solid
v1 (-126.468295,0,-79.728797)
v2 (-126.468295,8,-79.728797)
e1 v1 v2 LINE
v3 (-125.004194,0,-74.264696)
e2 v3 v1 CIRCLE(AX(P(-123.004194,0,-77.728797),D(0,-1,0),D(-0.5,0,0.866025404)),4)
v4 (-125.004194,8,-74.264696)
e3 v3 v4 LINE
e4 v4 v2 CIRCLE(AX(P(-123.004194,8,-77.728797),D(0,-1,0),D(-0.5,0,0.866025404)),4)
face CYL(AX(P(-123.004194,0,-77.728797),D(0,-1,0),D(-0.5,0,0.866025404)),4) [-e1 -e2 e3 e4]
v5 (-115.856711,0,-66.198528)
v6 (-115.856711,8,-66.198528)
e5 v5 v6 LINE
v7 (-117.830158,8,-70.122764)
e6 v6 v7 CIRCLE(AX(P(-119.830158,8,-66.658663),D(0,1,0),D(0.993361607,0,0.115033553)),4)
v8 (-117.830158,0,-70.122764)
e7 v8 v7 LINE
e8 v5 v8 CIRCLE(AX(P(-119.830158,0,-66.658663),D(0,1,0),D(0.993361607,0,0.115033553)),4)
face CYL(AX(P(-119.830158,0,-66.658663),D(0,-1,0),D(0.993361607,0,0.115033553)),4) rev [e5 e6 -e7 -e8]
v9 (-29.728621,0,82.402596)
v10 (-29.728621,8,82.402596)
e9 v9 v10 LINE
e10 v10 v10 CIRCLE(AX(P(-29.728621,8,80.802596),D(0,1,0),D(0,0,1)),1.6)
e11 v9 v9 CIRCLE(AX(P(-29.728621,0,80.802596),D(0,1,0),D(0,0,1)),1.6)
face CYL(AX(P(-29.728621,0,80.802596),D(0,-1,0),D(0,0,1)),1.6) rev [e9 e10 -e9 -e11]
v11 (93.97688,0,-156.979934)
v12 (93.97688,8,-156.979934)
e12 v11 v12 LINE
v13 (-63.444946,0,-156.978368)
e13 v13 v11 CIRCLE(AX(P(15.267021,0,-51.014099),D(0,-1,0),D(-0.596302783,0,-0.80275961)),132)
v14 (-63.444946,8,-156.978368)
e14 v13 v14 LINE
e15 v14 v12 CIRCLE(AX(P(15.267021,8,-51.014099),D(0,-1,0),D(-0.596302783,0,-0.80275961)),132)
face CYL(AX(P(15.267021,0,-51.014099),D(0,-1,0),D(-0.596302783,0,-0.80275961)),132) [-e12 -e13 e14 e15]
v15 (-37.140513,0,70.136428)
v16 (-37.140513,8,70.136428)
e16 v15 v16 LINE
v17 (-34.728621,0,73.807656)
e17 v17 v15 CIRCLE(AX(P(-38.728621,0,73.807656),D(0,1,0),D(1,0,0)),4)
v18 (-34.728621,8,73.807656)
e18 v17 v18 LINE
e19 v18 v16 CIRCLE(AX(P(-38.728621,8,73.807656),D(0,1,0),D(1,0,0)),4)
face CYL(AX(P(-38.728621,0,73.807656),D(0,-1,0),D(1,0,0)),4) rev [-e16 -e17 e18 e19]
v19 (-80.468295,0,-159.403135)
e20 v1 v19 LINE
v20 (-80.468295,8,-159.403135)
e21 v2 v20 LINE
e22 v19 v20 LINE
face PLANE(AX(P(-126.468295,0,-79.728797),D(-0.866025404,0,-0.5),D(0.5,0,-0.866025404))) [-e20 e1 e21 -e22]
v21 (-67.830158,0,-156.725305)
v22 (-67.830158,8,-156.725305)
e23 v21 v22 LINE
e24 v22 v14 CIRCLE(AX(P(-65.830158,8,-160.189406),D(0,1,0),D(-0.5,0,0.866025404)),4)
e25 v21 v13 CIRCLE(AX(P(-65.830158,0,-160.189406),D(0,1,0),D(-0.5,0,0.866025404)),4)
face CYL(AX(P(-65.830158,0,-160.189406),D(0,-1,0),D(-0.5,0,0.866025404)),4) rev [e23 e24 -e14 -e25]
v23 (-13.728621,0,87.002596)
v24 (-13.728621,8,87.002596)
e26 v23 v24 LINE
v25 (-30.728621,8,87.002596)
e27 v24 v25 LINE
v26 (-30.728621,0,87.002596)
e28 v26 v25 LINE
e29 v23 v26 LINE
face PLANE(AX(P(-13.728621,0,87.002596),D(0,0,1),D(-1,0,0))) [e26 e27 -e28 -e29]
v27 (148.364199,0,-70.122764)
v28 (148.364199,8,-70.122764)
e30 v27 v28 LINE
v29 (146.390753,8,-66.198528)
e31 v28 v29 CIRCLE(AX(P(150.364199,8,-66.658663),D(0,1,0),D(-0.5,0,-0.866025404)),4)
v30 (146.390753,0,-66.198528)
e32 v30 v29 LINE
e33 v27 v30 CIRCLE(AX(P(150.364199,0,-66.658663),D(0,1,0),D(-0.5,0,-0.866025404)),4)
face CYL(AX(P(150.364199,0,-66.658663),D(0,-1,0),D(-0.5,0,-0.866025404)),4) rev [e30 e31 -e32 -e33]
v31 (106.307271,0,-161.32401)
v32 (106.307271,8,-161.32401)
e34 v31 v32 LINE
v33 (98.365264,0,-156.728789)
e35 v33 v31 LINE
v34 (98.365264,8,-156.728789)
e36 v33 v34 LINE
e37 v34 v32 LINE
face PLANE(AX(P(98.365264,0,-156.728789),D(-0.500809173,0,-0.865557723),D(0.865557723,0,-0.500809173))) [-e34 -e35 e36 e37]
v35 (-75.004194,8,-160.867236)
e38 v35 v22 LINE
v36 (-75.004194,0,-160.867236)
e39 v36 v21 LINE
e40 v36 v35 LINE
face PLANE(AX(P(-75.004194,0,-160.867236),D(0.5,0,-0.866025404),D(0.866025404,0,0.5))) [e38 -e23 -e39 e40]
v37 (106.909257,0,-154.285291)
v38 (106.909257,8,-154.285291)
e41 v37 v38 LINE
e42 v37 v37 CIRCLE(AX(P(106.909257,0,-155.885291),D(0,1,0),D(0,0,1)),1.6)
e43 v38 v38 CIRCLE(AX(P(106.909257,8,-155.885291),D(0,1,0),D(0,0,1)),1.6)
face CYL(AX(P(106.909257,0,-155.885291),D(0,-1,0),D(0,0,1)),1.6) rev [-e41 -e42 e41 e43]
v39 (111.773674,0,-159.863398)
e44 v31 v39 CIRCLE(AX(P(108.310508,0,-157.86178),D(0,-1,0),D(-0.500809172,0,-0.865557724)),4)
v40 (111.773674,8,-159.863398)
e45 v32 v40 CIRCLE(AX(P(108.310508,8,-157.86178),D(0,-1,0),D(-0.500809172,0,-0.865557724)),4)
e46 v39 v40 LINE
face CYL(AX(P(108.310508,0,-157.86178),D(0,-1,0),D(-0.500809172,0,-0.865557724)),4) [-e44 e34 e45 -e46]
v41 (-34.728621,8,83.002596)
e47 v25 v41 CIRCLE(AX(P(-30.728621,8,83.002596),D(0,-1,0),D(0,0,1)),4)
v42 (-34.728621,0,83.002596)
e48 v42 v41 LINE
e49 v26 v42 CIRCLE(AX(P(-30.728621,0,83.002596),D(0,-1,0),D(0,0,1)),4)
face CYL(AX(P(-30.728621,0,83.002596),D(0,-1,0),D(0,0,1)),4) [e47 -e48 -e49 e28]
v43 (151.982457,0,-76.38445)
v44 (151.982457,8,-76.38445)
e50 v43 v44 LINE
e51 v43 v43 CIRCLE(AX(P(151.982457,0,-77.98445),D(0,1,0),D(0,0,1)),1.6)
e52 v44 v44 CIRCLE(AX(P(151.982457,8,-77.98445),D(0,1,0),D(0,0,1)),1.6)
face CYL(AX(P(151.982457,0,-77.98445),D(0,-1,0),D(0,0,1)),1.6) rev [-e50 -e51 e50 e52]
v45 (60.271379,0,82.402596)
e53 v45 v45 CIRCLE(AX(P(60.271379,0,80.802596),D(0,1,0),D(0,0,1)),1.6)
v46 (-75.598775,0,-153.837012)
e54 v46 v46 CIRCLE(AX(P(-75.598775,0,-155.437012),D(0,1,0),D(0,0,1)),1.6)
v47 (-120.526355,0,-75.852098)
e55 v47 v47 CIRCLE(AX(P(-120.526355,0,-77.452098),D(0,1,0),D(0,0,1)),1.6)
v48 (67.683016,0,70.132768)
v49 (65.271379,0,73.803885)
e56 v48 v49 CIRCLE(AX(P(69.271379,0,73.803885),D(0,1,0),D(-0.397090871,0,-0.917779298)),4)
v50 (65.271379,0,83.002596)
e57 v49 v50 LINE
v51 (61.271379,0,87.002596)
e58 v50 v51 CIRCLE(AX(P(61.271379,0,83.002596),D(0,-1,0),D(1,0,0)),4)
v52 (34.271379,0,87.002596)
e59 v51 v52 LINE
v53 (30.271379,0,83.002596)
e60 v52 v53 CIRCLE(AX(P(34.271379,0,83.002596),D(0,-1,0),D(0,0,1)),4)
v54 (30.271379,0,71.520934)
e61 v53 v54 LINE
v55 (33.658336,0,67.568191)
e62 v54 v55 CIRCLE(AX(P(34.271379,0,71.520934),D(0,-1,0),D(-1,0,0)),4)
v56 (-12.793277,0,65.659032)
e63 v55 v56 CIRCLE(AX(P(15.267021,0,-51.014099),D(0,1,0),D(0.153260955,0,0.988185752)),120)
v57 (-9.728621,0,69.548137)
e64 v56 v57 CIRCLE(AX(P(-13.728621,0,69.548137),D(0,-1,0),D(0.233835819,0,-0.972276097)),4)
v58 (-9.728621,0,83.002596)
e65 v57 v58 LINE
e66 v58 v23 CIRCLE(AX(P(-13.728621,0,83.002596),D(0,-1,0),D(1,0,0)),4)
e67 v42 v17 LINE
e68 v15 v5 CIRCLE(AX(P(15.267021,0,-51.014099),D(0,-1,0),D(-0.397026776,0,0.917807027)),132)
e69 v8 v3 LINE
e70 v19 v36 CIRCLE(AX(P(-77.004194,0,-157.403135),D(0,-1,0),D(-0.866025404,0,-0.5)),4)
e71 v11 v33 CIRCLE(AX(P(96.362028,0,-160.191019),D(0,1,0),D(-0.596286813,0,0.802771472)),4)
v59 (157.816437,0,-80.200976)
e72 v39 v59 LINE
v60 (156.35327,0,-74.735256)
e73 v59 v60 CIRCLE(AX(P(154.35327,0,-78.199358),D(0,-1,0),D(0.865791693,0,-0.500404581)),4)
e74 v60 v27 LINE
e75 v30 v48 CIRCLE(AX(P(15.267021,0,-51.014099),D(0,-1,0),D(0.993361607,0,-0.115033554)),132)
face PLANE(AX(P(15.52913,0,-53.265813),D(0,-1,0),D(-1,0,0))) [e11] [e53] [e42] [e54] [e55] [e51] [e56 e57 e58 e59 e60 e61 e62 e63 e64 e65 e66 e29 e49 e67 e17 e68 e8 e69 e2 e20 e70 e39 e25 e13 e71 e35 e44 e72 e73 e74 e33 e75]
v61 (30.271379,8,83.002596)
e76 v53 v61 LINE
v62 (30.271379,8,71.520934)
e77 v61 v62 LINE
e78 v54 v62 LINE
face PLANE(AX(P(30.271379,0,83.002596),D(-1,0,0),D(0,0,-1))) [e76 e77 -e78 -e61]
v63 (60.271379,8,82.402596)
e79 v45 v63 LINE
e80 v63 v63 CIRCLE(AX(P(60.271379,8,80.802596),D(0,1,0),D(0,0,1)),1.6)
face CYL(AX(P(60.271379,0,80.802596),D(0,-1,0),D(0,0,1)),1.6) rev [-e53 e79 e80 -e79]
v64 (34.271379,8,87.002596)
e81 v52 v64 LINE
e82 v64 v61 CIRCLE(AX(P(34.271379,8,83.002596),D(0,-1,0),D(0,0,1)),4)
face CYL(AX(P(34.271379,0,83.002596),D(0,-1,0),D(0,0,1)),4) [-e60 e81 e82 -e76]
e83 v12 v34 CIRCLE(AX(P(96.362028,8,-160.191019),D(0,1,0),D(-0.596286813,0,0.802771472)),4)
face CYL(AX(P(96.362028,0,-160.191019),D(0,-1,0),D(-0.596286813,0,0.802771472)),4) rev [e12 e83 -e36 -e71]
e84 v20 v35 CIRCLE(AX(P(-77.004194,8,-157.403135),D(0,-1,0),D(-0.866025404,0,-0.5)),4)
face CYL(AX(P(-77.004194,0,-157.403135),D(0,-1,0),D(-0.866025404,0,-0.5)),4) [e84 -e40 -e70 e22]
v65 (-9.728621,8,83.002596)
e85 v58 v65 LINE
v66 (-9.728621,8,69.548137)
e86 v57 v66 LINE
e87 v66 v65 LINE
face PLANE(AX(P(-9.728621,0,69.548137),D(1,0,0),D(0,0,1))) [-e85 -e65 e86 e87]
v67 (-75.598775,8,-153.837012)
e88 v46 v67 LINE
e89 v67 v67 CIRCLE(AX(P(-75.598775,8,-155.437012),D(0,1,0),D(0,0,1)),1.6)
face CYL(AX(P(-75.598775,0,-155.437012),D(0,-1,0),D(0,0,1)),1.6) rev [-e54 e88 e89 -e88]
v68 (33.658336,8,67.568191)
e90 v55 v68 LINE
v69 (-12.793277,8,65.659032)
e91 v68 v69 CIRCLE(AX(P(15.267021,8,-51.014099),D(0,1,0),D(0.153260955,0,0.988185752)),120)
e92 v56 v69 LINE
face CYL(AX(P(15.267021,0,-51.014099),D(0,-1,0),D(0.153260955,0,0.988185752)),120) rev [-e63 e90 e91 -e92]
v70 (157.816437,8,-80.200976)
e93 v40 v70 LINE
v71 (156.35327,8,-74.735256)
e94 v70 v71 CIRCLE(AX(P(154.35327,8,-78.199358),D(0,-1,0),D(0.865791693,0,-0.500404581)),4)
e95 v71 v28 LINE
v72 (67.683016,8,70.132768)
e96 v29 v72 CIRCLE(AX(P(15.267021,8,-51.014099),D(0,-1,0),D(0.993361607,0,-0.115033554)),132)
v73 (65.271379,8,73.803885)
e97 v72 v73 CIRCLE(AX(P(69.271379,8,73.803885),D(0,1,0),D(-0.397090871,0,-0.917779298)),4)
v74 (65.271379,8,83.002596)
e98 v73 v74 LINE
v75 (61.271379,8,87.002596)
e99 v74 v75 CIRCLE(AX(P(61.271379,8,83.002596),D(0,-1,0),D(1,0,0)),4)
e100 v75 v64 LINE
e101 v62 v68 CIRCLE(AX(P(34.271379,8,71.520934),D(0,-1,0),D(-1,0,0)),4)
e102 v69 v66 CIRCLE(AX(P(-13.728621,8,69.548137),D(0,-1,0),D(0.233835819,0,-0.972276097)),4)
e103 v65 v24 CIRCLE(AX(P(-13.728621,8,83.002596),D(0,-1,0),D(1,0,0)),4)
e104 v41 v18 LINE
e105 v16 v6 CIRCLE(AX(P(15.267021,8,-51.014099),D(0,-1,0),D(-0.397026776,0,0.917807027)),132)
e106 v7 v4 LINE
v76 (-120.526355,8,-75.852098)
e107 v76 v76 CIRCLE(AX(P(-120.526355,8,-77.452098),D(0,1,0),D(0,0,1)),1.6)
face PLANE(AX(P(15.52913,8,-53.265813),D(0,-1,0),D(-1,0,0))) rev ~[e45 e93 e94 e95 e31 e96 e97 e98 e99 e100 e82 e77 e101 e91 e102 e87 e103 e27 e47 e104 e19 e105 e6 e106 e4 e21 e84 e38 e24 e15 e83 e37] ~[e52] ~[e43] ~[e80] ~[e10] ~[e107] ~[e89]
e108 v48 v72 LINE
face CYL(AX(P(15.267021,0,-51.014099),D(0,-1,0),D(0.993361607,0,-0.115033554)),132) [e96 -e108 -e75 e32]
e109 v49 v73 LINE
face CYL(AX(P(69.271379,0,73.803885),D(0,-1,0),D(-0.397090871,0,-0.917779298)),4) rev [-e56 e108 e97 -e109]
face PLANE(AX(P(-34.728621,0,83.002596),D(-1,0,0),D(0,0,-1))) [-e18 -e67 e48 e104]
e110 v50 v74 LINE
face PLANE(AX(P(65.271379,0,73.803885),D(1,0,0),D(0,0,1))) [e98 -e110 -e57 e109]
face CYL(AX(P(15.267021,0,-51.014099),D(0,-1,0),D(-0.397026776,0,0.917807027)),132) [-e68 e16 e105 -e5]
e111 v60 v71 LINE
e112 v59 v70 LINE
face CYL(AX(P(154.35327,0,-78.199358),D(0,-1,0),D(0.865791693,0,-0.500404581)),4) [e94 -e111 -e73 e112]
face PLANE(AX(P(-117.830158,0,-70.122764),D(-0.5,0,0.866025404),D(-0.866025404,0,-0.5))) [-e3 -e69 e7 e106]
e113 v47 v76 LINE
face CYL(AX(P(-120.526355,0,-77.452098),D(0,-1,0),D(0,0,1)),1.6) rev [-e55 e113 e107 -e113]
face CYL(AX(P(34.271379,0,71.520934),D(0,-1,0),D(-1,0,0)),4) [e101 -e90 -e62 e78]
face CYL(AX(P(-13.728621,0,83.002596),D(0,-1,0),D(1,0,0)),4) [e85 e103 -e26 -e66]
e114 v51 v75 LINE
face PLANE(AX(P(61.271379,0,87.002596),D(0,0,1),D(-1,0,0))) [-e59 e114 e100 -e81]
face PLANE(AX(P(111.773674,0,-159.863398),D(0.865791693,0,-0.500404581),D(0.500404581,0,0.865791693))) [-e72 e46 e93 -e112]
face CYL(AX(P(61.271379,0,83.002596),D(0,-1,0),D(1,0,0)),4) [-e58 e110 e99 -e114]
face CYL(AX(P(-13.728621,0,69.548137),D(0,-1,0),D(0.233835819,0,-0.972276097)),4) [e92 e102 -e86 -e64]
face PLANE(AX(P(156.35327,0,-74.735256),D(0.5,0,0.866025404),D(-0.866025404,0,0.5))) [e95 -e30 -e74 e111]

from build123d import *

# Parameters (mm, degrees)
SKETCH1_R           = 1.6
BOSS_EXTRUDE2_DEPTH = 8


with BuildPart() as part:
    # Sketch1 → Boss-Extrude2 (new body)
    with BuildSketch(Plane(origin=(0, 0, 0), x_dir=(1, 0, 0), z_dir=(0, 1, 0))):
        with BuildLine():
            Line((-75.004193667, 160.867236212), (-67.830157516, 156.725304509))
            ThreePointArc((-67.830157516, 156.725304509), (-65.599707636, 156.196050035), (-63.444946383, 156.978367686))
            ThreePointArc((-63.444946383, 156.978367686), (15.265708014, 183.014099207), (93.976880337, 156.979933523))
            ThreePointArc((93.976880337, 156.979933523), (96.133483562, 156.197553795), (98.365264281, 156.728788517))
            Line((98.365264281, 156.728788517), (106.307271021, 161.324010437))
            ThreePointArc((106.307271021, 161.324010437), (109.343075496, 161.726207543), (111.773674482, 159.863397867))
            Line((111.773674482, 159.863397867), (157.816436501, 80.200975925))
            ThreePointArc((157.816436501, 80.200975925), (158.217214787, 77.164984073), (156.353269729, 74.735255986))
            Line((156.353269729, 74.735255986), (148.364199487, 70.122764131))
            ThreePointArc((148.364199487, 70.122764131), (146.790626728, 68.45576511), (146.390753061, 66.198528301))
            ThreePointArc((146.390753061, 66.198528301), (129.583526562, -14.983904944), (67.683015931, -70.132768158))
            ThreePointArc((67.683015931, -70.132768158), (65.928218191, -71.607690224), (65.271379414, -73.803885351))
            Line((65.271379414, -73.803885351), (65.271379414, -83.002595828))
            ThreePointArc((65.271379414, -83.002595828), (64.099806539, -85.831022953), (61.271379414, -87.002595828))
            Line((61.271379414, -87.002595828), (34.271379414, -87.002595828))
            ThreePointArc((34.271379414, -87.002595828), (31.44295229, -85.831022953), (30.271379414, -83.002595828))
            Line((30.271379414, -83.002595828), (30.271379414, -71.520933984))
            ThreePointArc((30.271379414, -71.520933984), (31.233931861, -68.918259905), (33.658335594, -67.568190978))
            ThreePointArc((33.658335594, -67.568190978), (20.194853463, 170.912875133), (-12.793277309, -65.659032482))
            ThreePointArc((-12.793277309, -65.659032482), (-10.586855707, -67.072391843), (-9.728620586, -69.548136872))
            Line((-9.728620586, -69.548136872), (-9.728620586, -83.002595828))
            ThreePointArc((-9.728620586, -83.002595828), (-10.900193461, -85.831022953), (-13.728620586, -87.002595828))
            Line((-13.728620586, -87.002595828), (-30.728620586, -87.002595828))
            ThreePointArc((-30.728620586, -87.002595828), (-33.55704771, -85.831022953), (-34.728620586, -83.002595828))
            Line((-34.728620586, -83.002595828), (-34.728620586, -73.807656468))
            ThreePointArc((-34.728620586, -73.807656468), (-35.38553605, -71.611344607), (-37.140513481, -70.136428359))
            ThreePointArc((-37.140513481, -70.136428359), (-99.047180019, -14.987896579), (-115.856711089, 66.198528301))
            ThreePointArc((-115.856711089, 66.198528301), (-116.256584757, 68.45576511), (-117.830157516, 70.122764131))
            Line((-117.830157516, 70.122764131), (-125.004193667, 74.264695834))
            ThreePointArc((-125.004193667, 74.264695834), (-126.867896972, 76.693521268), (-126.468295282, 79.728797449))
            Line((-126.468295282, 79.728797449), (-80.468295282, 159.403134597))
            ThreePointArc((-80.468295282, 159.403134597), (-78.039469847, 161.266837902), (-75.004193667, 160.867236212))
        make_face()
        with Locations(Location((-75.598775183, 155.43701163, 0), (0, 0, 270))):
            Circle(SKETCH1_R, mode=Mode.SUBTRACT)
        with Locations(Location((-120.526355361, 77.452098276, 0), (0, 0, 270))):
            Circle(SKETCH1_R, mode=Mode.SUBTRACT)
        with Locations(Location((106.909257313, 155.885291293, 0), (0, 0, 270))):
            Circle(SKETCH1_R, mode=Mode.SUBTRACT)
        with Locations(Location((151.982456893, 77.984449703, 0), (0, 0, 270))):
            Circle(SKETCH1_R, mode=Mode.SUBTRACT)
        with Locations(Location((-29.728620586, -80.802595828, 0), (0, 0, 270))):
            Circle(SKETCH1_R, mode=Mode.SUBTRACT)
        with Locations(Location((60.271379414, -80.802595828, 0), (0, 0, 270))):
            Circle(SKETCH1_R, mode=Mode.SUBTRACT)
    extrude(amount=BOSS_EXTRUDE2_DEPTH)


solid = part.part
